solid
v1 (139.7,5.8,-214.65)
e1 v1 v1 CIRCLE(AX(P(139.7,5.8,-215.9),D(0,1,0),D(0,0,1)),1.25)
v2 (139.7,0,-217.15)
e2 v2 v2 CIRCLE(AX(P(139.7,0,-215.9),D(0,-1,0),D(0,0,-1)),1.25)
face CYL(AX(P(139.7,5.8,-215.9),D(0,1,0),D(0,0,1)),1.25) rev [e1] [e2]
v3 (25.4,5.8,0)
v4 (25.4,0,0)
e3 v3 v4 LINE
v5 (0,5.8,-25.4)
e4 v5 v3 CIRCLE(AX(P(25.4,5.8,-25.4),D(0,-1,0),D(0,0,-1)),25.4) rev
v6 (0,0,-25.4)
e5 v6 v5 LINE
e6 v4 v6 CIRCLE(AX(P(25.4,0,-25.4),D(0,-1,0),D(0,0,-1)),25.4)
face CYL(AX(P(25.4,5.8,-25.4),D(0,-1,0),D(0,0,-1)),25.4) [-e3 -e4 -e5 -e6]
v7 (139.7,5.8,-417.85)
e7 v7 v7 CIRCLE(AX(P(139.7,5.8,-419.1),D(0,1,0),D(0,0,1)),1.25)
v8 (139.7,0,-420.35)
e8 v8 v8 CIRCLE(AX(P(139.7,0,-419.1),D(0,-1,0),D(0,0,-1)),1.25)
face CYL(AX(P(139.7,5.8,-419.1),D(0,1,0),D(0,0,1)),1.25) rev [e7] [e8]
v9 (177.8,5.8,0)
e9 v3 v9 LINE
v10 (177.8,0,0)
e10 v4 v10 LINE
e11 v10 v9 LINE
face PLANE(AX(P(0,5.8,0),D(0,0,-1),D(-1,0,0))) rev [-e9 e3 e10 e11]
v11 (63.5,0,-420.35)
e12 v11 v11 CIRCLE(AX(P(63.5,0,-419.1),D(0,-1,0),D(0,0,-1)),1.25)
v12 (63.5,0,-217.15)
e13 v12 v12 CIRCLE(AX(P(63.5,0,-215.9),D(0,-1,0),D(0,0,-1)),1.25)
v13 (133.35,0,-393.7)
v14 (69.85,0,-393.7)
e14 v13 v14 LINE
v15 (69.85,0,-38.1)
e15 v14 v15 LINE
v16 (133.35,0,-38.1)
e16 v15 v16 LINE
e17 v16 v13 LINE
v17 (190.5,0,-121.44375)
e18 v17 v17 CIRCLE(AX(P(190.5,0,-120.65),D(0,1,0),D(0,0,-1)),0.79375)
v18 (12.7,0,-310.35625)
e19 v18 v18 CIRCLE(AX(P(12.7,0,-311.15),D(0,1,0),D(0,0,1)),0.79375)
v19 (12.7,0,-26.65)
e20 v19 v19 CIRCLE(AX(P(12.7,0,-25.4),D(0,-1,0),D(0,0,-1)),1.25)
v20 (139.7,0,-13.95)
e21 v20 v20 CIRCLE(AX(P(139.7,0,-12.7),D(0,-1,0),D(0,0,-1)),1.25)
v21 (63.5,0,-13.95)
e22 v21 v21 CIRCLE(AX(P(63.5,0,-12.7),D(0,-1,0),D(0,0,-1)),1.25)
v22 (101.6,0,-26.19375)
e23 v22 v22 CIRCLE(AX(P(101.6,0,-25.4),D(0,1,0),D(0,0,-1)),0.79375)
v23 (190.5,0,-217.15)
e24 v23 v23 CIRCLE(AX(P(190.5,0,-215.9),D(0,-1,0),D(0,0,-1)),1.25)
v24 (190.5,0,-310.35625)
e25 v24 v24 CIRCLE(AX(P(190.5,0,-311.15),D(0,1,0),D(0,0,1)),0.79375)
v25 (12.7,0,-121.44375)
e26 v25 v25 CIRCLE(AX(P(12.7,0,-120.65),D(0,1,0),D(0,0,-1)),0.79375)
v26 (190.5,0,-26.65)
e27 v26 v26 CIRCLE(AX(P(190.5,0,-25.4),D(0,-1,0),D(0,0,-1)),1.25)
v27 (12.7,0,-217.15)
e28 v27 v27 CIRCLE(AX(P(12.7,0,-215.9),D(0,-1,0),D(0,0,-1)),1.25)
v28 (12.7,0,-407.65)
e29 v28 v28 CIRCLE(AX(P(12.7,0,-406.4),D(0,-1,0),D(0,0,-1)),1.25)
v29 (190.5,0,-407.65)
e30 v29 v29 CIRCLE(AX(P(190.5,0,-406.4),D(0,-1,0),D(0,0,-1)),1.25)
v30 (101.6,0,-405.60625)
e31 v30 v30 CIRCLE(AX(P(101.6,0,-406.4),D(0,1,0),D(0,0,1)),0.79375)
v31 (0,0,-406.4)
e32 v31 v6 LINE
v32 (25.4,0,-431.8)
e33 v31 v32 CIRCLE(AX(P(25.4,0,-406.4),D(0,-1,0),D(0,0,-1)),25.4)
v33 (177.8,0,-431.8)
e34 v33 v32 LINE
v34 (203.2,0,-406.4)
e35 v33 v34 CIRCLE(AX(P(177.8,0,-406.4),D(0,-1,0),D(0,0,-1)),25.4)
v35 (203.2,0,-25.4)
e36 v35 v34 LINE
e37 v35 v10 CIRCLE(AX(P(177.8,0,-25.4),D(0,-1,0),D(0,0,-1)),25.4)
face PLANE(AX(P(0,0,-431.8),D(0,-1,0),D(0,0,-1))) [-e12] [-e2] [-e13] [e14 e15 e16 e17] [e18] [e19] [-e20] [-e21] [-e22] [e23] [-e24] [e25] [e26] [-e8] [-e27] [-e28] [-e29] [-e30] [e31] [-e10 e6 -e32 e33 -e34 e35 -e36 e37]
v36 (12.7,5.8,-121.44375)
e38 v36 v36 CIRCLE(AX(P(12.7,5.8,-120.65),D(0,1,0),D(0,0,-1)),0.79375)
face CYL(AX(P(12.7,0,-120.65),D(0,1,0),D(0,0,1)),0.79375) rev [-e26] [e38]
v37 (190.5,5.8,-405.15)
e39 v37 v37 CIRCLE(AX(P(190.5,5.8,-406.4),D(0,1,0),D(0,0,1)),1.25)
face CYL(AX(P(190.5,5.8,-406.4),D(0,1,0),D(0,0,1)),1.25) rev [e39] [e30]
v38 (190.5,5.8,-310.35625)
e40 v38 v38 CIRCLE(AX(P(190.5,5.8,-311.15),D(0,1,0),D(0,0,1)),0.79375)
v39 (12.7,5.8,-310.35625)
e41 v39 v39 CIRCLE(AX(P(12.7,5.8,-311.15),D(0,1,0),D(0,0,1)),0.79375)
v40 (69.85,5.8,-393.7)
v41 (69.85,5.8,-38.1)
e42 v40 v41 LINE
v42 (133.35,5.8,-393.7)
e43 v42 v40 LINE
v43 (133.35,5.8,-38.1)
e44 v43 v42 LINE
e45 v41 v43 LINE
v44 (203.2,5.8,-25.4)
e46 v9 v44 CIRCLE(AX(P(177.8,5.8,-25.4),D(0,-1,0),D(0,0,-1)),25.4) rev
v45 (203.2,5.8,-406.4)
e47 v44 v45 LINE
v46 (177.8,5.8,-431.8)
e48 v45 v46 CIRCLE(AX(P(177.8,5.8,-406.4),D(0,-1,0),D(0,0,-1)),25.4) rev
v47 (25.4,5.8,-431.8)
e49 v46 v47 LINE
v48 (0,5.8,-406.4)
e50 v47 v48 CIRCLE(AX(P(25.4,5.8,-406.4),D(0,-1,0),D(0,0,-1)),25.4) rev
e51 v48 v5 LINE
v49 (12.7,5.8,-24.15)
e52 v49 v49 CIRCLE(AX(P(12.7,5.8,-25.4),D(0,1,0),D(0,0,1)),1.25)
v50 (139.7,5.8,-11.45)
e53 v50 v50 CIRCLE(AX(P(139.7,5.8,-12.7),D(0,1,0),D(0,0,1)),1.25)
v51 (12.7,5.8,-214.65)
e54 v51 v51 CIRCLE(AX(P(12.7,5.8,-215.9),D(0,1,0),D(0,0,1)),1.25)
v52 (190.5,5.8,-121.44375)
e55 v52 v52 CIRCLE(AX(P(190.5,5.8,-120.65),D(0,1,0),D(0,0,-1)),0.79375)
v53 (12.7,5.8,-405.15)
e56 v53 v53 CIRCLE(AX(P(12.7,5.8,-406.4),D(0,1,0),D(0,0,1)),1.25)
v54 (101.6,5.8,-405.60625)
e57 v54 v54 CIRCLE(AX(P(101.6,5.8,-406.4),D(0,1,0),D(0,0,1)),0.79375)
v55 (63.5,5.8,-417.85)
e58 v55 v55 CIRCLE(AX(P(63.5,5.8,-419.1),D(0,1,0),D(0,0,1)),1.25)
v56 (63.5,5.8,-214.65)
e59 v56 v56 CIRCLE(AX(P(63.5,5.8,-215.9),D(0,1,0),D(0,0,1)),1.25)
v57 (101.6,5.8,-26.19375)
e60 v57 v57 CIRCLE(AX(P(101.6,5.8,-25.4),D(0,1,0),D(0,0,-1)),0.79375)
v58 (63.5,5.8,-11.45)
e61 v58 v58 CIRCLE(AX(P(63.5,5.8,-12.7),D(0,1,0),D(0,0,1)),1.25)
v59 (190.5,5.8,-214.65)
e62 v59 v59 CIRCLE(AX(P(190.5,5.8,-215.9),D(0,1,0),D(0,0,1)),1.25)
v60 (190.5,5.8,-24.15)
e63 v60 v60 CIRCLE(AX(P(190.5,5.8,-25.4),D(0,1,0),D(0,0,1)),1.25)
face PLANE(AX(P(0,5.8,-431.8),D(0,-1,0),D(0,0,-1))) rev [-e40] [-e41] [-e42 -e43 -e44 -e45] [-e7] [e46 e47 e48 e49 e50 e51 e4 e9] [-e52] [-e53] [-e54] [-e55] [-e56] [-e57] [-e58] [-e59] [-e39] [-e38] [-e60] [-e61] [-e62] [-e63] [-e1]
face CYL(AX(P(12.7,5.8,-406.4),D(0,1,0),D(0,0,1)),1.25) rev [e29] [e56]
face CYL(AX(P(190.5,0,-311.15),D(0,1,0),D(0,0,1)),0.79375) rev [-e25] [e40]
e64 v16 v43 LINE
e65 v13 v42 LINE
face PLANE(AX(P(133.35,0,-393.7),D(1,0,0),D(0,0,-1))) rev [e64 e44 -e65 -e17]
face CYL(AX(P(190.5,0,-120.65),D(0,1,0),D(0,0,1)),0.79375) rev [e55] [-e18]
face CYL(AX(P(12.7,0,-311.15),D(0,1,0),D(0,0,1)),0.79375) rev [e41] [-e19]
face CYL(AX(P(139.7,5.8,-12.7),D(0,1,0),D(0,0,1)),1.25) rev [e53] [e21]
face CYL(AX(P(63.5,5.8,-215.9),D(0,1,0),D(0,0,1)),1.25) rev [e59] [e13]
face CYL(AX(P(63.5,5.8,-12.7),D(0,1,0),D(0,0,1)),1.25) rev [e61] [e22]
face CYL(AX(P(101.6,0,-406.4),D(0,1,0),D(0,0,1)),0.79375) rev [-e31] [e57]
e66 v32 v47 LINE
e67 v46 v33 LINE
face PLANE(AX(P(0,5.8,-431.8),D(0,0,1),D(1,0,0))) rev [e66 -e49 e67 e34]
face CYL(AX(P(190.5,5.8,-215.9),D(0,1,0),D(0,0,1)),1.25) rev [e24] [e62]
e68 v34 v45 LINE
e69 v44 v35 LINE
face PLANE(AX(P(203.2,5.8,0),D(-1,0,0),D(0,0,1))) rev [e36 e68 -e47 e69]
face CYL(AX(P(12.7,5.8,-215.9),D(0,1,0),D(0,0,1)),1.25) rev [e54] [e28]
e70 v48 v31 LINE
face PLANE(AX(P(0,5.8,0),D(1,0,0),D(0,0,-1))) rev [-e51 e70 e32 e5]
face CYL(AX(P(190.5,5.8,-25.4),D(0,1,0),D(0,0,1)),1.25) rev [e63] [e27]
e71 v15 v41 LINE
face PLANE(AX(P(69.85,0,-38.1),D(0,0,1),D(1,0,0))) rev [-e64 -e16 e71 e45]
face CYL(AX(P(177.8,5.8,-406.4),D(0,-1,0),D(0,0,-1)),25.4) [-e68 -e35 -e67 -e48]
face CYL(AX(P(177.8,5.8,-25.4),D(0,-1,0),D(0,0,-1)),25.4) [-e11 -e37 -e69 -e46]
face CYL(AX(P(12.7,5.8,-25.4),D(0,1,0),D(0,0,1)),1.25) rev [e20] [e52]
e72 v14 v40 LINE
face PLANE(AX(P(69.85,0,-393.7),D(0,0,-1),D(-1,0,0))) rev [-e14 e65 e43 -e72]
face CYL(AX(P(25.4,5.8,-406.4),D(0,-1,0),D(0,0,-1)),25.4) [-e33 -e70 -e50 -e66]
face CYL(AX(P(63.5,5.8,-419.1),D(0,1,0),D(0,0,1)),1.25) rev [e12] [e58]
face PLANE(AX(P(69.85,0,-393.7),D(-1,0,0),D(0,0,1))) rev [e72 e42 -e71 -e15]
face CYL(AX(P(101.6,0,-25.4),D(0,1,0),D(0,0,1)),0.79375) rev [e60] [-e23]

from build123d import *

# Parameters (mm, degrees)
SKETCH1_W                 = 203.2
SKETCH1_H                 = 431.8
BOSS_EXTRUDE1_DEPTH       = 5.8
M3X0_5_TAPPED_HOLE2_D     = 2.5
M3X0_5_TAPPED_HOLE2_DEPTH = 7.5
M3X0_5_TAPPED_HOLE2_TIP   = 0.751075774
SKETCH7_W                 = 63.5
SKETCH7_H                 = 355.6
CUT_EXTRUDE2_DEPTH        = 478.257917692
FILLET1_R                 = 25.4
M3X0_5_TAPPED_HOLE1_D     = 2.5
M3X0_5_TAPPED_HOLE1_DEPTH = 7.5
M3X0_5_TAPPED_HOLE1_TIP   = 0.751075774
SKETCH10_R                = 0.79375
CUT_EXTRUDE3_DEPTH        = 478.257917692


with BuildPart() as part:
    # Sketch1 → Boss-Extrude1 (new body)
    with BuildSketch(Plane(origin=(0, 0, 0), x_dir=(1, 0, 0), z_dir=(0, 1, 0))):
        with Locations((101.6, 215.9)):
            Rectangle(SKETCH1_W, SKETCH1_H)
    extrude(amount=BOSS_EXTRUDE1_DEPTH)

    # M3x0.5 Tapped Hole2
    with Locations(Plane(origin=(0, 5.8, 0), x_dir=(-1, 0, 0), z_dir=(0, 1, 0))):
        with Locations((-63.5, -419.1), (-139.7, -419.1), (-63.5, -215.9), (-139.7, -215.9), (-63.5, -12.7), (-139.7, -12.7)):
            Hole(M3X0_5_TAPPED_HOLE2_D / 2, depth=M3X0_5_TAPPED_HOLE2_DEPTH)
            with Locations((0, 0, -(M3X0_5_TAPPED_HOLE2_DEPTH + M3X0_5_TAPPED_HOLE2_TIP / 2))):  # 118° drill point
                Cone(0, M3X0_5_TAPPED_HOLE2_D / 2, M3X0_5_TAPPED_HOLE2_TIP, mode=Mode.SUBTRACT)

    # Sketch7 → Cut-Extrude2 (cut, through all)
    with BuildSketch(Plane(origin=(0, 5.8, 0), x_dir=(1, 0, 0), z_dir=(0, 1, 0))):
        with Locations((101.6, 215.9)):
            Rectangle(SKETCH7_W, SKETCH7_H)
    extrude(amount=-CUT_EXTRUDE2_DEPTH, mode=Mode.SUBTRACT)

    # Fillet1
    fillet1_edges = [part.edges().sort_by_distance(p)[0] for p in [
        (0, 2.9, -431.8),
        (203.2, 2.9, -431.8),
        (203.2, 2.9, 0),
        (0, 2.9, 0),
    ]]
    fillet(fillet1_edges, radius=FILLET1_R)

    # M3x0.5 Tapped Hole1
    with Locations(Plane(origin=(0, 5.8, 0), x_dir=(-1, 0, 0), z_dir=(0, 1, 0))):
        with Locations((-190.5, -406.4), (-190.5, -25.4), (-12.7, -25.4), (-12.7, -406.4), (-190.5, -215.9), (-12.7, -215.9)):
            Hole(M3X0_5_TAPPED_HOLE1_D / 2, depth=M3X0_5_TAPPED_HOLE1_DEPTH)
            with Locations((0, 0, -(M3X0_5_TAPPED_HOLE1_DEPTH + M3X0_5_TAPPED_HOLE1_TIP / 2))):  # 118° drill point
                Cone(0, M3X0_5_TAPPED_HOLE1_D / 2, M3X0_5_TAPPED_HOLE1_TIP, mode=Mode.SUBTRACT)

    # Sketch10 → Cut-Extrude3 (cut, through all)
    with BuildSketch(Plane(origin=(0, 5.8, 0), x_dir=(1, 0, 0), z_dir=(0, 1, 0))):
        with Locations(Location((12.7, 311.15, 0), (0, 0, 270))):
            Circle(SKETCH10_R)
        with Locations(Location((190.5, 311.15, 0), (0, 0, 270))):
            Circle(SKETCH10_R)
        with Locations(Location((101.6, 406.4, 0), (0, 0, 270))):
            Circle(SKETCH10_R)
        with Locations(Location((101.6, 25.4, 0), (0, 0, 90))):
            Circle(SKETCH10_R)
        with Locations(Location((190.5, 120.65, 0), (0, 0, 90))):
            Circle(SKETCH10_R)
        with Locations(Location((12.7, 120.65, 0), (0, 0, 90))):
            Circle(SKETCH10_R)
    extrude(amount=-CUT_EXTRUDE3_DEPTH, mode=Mode.SUBTRACT)


solid = part.part
